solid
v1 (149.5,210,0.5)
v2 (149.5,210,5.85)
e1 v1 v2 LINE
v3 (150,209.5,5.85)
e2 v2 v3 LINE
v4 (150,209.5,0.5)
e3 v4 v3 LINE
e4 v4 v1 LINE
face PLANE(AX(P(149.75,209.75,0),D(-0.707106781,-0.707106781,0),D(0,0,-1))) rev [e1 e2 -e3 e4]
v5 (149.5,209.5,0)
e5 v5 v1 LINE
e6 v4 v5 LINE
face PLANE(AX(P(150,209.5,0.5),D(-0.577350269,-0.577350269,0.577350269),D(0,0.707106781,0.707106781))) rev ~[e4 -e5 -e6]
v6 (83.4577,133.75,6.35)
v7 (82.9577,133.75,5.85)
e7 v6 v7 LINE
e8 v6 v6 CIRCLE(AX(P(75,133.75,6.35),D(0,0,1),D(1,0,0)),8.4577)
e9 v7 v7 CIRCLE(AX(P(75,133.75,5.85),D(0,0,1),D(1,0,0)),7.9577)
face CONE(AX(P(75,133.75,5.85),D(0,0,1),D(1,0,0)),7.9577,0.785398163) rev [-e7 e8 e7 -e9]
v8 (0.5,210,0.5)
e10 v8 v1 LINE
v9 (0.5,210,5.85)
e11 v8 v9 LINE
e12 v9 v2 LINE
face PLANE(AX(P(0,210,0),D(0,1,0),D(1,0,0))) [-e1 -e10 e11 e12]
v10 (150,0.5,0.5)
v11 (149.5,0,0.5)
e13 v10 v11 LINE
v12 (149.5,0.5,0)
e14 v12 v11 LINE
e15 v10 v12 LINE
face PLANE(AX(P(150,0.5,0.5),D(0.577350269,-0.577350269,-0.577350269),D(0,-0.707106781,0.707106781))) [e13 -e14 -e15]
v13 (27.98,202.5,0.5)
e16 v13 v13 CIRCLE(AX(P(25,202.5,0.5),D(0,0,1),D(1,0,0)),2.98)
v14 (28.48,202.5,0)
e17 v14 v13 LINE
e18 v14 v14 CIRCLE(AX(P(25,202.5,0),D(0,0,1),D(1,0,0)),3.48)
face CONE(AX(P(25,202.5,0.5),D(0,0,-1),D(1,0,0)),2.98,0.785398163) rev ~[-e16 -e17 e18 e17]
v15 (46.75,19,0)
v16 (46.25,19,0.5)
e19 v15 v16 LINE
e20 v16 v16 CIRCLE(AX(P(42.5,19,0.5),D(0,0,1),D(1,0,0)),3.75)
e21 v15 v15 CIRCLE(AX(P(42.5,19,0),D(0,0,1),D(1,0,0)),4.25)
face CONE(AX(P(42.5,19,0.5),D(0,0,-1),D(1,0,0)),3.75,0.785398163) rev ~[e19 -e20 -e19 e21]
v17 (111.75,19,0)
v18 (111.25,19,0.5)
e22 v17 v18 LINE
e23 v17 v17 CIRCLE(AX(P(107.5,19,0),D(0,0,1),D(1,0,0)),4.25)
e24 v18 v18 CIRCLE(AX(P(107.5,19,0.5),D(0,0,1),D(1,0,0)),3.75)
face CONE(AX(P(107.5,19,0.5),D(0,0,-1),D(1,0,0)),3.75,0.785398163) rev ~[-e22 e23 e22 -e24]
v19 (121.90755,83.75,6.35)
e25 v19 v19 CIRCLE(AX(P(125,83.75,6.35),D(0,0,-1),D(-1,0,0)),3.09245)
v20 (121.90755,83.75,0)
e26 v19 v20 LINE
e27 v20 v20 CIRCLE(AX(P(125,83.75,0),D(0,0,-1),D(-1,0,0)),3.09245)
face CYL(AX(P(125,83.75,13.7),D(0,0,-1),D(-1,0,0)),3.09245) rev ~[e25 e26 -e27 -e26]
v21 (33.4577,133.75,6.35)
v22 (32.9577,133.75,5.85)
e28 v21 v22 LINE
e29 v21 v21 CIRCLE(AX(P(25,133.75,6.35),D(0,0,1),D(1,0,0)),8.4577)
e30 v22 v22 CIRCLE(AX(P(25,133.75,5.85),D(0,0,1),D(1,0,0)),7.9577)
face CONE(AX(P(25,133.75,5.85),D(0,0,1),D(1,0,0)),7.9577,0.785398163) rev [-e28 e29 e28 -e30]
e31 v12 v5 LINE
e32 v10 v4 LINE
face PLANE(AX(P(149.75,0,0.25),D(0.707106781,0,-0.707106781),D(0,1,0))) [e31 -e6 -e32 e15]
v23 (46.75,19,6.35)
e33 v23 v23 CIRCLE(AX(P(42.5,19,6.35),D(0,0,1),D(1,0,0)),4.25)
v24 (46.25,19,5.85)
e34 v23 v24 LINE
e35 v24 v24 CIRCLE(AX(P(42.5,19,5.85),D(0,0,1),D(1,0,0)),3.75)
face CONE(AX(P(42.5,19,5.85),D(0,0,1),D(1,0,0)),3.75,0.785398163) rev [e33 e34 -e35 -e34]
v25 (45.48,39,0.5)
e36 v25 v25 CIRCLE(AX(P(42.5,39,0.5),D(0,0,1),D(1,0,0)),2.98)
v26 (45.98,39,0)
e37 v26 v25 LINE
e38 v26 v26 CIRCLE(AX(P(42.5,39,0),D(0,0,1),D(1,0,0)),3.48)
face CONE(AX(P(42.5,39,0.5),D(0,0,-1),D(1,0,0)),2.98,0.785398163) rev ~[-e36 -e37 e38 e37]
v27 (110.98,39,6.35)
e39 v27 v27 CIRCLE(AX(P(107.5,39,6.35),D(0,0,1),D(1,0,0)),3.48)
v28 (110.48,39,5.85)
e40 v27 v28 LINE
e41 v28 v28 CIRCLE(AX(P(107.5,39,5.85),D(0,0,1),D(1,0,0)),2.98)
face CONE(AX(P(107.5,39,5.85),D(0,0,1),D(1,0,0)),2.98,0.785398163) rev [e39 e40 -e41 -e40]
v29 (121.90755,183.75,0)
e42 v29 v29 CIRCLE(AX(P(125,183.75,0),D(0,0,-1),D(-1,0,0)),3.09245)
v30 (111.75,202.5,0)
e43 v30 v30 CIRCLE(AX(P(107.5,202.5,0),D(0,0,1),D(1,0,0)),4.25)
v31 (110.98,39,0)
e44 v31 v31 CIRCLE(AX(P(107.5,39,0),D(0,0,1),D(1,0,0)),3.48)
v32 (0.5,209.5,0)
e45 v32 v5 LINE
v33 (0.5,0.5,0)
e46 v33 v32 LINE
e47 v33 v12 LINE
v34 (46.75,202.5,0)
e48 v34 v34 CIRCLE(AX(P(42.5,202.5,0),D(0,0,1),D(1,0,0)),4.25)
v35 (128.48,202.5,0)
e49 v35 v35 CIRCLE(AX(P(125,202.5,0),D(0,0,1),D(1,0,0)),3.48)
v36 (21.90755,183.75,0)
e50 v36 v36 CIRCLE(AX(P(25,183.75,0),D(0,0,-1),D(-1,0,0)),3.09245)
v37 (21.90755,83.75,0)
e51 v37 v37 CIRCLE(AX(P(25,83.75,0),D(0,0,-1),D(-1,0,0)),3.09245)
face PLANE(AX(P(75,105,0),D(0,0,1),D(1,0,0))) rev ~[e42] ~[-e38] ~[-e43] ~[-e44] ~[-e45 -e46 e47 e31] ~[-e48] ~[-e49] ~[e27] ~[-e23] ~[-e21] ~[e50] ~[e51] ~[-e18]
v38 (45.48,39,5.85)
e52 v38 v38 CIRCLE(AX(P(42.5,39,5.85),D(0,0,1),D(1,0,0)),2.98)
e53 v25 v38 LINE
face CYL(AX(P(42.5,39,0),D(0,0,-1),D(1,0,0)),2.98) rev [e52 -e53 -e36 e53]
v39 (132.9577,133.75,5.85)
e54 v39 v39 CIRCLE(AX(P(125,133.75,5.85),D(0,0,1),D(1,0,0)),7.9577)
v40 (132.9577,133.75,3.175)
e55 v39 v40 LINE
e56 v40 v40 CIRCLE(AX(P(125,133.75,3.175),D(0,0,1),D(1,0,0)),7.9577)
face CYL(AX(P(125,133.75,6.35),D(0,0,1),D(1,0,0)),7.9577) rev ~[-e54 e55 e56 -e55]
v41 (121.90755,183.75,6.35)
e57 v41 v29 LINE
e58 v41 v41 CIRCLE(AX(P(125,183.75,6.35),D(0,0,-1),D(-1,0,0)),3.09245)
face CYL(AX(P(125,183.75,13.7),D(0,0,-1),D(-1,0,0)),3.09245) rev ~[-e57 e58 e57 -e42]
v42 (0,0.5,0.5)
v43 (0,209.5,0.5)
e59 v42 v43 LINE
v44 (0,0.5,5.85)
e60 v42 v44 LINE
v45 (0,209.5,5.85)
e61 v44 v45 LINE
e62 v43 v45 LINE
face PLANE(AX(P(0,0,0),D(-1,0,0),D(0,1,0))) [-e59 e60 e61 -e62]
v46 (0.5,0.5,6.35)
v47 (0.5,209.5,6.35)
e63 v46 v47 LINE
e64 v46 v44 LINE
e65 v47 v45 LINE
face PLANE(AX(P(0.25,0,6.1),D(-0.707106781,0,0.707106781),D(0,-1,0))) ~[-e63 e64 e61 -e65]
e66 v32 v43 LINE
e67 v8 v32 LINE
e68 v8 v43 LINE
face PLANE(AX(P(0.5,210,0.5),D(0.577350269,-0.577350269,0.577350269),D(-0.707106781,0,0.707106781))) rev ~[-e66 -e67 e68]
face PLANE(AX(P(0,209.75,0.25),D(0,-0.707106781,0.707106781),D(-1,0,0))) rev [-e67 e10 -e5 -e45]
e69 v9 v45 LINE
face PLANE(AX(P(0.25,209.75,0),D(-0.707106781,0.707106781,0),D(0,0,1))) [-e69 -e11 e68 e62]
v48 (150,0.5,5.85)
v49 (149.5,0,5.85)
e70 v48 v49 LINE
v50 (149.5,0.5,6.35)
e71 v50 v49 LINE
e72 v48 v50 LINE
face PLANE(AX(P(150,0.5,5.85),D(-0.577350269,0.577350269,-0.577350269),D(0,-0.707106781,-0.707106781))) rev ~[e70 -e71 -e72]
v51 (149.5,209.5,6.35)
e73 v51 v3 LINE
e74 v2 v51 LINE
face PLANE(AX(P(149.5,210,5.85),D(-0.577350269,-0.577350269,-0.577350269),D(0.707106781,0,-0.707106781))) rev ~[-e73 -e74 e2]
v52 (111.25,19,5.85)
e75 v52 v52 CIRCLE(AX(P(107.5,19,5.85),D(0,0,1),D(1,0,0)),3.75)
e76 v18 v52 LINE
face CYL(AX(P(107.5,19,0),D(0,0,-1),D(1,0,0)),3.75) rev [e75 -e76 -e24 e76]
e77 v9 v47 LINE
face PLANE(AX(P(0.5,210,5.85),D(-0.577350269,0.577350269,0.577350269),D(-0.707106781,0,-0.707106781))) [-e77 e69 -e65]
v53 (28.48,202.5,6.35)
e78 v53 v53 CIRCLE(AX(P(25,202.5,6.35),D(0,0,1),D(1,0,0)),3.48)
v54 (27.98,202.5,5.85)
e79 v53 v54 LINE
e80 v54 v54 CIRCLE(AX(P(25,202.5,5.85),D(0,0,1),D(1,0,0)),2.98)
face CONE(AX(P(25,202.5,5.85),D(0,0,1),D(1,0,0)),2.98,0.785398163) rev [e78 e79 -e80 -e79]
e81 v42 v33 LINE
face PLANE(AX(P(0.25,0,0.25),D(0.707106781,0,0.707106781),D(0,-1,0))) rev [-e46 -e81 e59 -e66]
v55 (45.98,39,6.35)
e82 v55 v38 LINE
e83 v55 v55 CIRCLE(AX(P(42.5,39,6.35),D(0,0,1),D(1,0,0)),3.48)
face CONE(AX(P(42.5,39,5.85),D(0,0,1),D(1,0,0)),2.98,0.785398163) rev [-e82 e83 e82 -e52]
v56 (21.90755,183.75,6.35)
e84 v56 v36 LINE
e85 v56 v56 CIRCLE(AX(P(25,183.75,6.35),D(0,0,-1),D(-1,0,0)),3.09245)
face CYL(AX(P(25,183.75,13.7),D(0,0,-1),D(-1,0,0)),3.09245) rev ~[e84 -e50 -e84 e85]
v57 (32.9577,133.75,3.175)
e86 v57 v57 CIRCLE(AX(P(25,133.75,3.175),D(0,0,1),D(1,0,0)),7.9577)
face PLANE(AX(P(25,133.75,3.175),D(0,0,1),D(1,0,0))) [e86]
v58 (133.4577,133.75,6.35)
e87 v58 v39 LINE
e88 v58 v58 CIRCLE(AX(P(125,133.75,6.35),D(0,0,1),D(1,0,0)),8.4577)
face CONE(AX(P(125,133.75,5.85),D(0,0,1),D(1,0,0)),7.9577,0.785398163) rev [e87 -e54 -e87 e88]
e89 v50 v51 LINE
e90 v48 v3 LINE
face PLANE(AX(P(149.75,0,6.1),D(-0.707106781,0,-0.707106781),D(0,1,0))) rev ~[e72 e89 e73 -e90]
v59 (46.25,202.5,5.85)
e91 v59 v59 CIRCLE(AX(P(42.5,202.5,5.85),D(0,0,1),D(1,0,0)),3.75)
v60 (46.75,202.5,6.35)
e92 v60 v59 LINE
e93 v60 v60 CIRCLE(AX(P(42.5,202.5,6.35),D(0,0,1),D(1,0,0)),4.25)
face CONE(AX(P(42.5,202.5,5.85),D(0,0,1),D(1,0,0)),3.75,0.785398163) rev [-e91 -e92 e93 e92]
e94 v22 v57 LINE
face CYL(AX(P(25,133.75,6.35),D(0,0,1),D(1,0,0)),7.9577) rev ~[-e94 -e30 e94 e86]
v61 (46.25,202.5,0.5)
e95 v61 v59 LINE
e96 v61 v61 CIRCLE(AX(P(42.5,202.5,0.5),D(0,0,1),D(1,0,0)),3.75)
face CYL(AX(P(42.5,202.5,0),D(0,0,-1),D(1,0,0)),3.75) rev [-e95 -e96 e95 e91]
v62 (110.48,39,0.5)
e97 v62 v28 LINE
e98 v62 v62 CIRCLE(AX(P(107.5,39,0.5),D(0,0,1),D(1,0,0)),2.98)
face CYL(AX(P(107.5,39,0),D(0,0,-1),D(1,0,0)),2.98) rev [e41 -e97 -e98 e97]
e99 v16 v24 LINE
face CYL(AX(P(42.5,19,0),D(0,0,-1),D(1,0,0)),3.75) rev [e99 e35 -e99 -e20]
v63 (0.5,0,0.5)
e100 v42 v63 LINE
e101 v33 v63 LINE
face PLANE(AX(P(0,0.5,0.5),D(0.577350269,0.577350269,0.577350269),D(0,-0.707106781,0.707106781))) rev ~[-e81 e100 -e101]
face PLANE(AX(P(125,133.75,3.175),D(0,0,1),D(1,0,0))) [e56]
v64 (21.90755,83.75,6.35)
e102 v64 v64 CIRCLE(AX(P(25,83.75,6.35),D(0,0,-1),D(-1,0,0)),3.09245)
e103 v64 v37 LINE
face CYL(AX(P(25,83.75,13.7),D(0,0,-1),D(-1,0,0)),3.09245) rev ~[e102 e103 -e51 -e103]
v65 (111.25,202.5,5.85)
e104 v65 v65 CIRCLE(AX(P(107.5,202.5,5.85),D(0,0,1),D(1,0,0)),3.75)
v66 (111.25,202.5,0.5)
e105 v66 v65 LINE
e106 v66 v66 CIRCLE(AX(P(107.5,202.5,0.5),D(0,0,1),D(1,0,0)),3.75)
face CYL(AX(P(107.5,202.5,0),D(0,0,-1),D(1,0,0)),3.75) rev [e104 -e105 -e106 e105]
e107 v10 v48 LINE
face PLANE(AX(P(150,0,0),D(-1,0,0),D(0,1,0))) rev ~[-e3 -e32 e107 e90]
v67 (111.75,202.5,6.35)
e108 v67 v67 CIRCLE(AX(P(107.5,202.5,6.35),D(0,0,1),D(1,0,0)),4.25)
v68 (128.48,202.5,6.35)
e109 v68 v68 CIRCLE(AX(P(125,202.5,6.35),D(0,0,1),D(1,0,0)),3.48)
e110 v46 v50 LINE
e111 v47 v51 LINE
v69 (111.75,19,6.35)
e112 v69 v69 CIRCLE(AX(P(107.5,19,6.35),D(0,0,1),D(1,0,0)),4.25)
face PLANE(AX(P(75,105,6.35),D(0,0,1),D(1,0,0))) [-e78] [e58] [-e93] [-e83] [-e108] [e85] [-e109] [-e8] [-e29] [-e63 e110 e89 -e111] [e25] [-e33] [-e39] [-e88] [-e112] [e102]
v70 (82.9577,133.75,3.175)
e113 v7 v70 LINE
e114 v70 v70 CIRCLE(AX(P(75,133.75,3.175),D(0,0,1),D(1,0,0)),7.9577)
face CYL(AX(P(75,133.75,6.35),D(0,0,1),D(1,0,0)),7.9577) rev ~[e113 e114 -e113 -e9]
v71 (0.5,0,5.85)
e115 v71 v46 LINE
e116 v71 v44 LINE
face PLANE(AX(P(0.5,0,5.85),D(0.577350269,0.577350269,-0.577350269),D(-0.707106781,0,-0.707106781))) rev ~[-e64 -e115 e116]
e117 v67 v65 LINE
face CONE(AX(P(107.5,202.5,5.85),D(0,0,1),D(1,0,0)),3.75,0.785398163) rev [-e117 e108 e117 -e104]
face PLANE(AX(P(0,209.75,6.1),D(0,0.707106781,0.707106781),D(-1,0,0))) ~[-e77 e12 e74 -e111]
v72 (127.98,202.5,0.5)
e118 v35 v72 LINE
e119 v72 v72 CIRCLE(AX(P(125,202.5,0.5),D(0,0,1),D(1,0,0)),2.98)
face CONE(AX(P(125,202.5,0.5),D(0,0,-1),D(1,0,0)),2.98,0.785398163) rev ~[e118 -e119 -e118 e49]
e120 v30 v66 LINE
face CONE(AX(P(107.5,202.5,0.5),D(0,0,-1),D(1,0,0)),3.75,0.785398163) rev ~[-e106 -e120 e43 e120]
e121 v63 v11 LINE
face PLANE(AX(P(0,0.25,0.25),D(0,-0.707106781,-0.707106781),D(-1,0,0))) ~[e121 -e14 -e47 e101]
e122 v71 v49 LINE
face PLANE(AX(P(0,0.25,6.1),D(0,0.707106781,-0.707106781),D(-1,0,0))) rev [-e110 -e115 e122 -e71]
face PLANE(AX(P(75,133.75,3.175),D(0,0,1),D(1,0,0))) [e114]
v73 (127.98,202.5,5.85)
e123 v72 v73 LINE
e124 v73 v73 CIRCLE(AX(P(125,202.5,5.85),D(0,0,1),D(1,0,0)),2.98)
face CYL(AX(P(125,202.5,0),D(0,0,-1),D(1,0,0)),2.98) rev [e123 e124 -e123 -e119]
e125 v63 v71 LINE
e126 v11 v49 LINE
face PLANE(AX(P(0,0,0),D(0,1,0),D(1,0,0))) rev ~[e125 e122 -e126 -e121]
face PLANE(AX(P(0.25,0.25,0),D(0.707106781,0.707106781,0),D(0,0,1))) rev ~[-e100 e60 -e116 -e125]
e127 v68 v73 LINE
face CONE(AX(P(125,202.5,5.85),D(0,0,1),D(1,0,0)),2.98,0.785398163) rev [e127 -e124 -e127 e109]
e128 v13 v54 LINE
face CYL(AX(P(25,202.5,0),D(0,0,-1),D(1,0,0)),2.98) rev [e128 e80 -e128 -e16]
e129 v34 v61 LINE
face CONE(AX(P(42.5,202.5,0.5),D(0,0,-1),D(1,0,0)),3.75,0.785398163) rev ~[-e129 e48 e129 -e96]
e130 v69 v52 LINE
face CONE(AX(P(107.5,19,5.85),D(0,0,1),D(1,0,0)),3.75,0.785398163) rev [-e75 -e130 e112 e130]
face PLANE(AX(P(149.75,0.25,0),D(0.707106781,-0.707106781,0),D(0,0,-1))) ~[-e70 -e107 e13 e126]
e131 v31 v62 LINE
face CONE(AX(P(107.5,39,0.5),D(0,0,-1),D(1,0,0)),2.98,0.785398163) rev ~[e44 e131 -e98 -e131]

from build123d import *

# Parameters (mm, degrees)
SKETCH1_W                            = 150
SKETCH1_H                            = 210
SKETCH1_R                            = 2.98
SKETCH1_R_2                          = 3.75
BOSS_EXTRUDE1_DEPTH                  = 6.35
SKETCH2_R                            = 7.9577
CUT_EXTRUDE1_DEPTH                   = 3.175
F_15_64_0_23438_DIAMETER_HOLE1_D     = 6.1849
F_15_64_0_23438_DIAMETER_HOLE1_DEPTH = 7.35
F_15_64_0_23438_DIAMETER_HOLE1_TIP   = 1.858131421
CHAMFER1_SIZE                        = 0.5
SKETCH6_R                            = 7.9577
CUT_EXTRUDE2_DEPTH                   = 3.175
CHAMFER2_SIZE                        = 0.5


with BuildPart() as part:
    # Sketch1 → Boss-Extrude1 (new body)
    with BuildSketch(Plane.XY):
        with Locations((75, 105)):
            Rectangle(SKETCH1_W, SKETCH1_H)
        with Locations((25, 202.5)):
            Circle(SKETCH1_R, mode=Mode.SUBTRACT)
        with Locations((125, 202.5)):
            Circle(SKETCH1_R, mode=Mode.SUBTRACT)
        with Locations((42.5, 202.5)):
            Circle(SKETCH1_R_2, mode=Mode.SUBTRACT)
        with Locations((107.5, 202.5)):
            Circle(SKETCH1_R_2, mode=Mode.SUBTRACT)
        with Locations((107.5, 39)):
            Circle(SKETCH1_R, mode=Mode.SUBTRACT)
        with Locations((42.5, 39)):
            Circle(SKETCH1_R, mode=Mode.SUBTRACT)
        with Locations((42.5, 19)):
            Circle(SKETCH1_R_2, mode=Mode.SUBTRACT)
        with Locations((107.5, 19)):
            Circle(SKETCH1_R_2, mode=Mode.SUBTRACT)
    extrude(amount=BOSS_EXTRUDE1_DEPTH)

    # Sketch2 → Cut-Extrude1 (cut)
    with BuildSketch(Plane.XY.offset(6.35)):
        with Locations((75, 133.75)):
            Circle(SKETCH2_R)
    extrude(amount=-CUT_EXTRUDE1_DEPTH, mode=Mode.SUBTRACT)

    # 15/64 (0.23438) Diameter Hole1
    with Locations(Plane(origin=(25, 183.75, 6.35), x_dir=(1, 0, 0), z_dir=(0, 0, 1))):
        with Locations((0, 0), (100, 0), (100, -100), (0, -100)):
            Hole(F_15_64_0_23438_DIAMETER_HOLE1_D / 2, depth=F_15_64_0_23438_DIAMETER_HOLE1_DEPTH)
            with Locations((0, 0, -(F_15_64_0_23438_DIAMETER_HOLE1_DEPTH + F_15_64_0_23438_DIAMETER_HOLE1_TIP / 2))):  # 118° drill point
                Cone(0, F_15_64_0_23438_DIAMETER_HOLE1_D / 2, F_15_64_0_23438_DIAMETER_HOLE1_TIP, mode=Mode.SUBTRACT)

    # Chamfer1
    chamfer1_edges = [part.edges().sort_by_distance(p)[0] for p in [
        (0, 105, 6.35),
        (104.52, 39, 0),
        (104.52, 39, 6.35),
        (75, 0, 6.35),
        (22.02, 202.5, 0),
        (22.02, 202.5, 6.35),
        (122.02, 202.5, 0),
        (122.02, 202.5, 6.35),
        (38.75, 202.5, 0),
        (38.75, 202.5, 6.35),
        (103.75, 202.5, 0),
        (103.75, 202.5, 6.35),
        (39.52, 39, 0),
        (39.52, 39, 6.35),
        (38.75, 19, 0),
        (38.75, 19, 6.35),
        (103.75, 19, 0),
        (103.75, 19, 6.35),
        (150, 105, 6.35),
        (75, 0, 0),
        (67.0423, 133.75, 6.35),
        (0, 105, 0),
        (75, 210, 0),
        (150, 105, 0),
        (75, 210, 6.35),
        (150, 0, 3.175),
        (0, 0, 3.175),
        (0, 210, 3.175),
        (150, 210, 3.175),
    ]]
    chamfer(chamfer1_edges, length=CHAMFER1_SIZE)

    # Sketch6 → Cut-Extrude2 (cut)
    with BuildSketch(Plane.XY.offset(6.35)):
        with Locations((125, 133.75)):
            Circle(SKETCH6_R)
        with Locations((25, 133.75)):
            Circle(SKETCH6_R)
    extrude(amount=-CUT_EXTRUDE2_DEPTH, mode=Mode.SUBTRACT)

    # Chamfer2
    chamfer2_edges = [part.edges().sort_by_distance(p)[0] for p in [
        (117.0423, 133.75, 6.35),
        (17.0423, 133.75, 6.35),
    ]]
    chamfer(chamfer2_edges, length=CHAMFER2_SIZE)


solid = part.part
